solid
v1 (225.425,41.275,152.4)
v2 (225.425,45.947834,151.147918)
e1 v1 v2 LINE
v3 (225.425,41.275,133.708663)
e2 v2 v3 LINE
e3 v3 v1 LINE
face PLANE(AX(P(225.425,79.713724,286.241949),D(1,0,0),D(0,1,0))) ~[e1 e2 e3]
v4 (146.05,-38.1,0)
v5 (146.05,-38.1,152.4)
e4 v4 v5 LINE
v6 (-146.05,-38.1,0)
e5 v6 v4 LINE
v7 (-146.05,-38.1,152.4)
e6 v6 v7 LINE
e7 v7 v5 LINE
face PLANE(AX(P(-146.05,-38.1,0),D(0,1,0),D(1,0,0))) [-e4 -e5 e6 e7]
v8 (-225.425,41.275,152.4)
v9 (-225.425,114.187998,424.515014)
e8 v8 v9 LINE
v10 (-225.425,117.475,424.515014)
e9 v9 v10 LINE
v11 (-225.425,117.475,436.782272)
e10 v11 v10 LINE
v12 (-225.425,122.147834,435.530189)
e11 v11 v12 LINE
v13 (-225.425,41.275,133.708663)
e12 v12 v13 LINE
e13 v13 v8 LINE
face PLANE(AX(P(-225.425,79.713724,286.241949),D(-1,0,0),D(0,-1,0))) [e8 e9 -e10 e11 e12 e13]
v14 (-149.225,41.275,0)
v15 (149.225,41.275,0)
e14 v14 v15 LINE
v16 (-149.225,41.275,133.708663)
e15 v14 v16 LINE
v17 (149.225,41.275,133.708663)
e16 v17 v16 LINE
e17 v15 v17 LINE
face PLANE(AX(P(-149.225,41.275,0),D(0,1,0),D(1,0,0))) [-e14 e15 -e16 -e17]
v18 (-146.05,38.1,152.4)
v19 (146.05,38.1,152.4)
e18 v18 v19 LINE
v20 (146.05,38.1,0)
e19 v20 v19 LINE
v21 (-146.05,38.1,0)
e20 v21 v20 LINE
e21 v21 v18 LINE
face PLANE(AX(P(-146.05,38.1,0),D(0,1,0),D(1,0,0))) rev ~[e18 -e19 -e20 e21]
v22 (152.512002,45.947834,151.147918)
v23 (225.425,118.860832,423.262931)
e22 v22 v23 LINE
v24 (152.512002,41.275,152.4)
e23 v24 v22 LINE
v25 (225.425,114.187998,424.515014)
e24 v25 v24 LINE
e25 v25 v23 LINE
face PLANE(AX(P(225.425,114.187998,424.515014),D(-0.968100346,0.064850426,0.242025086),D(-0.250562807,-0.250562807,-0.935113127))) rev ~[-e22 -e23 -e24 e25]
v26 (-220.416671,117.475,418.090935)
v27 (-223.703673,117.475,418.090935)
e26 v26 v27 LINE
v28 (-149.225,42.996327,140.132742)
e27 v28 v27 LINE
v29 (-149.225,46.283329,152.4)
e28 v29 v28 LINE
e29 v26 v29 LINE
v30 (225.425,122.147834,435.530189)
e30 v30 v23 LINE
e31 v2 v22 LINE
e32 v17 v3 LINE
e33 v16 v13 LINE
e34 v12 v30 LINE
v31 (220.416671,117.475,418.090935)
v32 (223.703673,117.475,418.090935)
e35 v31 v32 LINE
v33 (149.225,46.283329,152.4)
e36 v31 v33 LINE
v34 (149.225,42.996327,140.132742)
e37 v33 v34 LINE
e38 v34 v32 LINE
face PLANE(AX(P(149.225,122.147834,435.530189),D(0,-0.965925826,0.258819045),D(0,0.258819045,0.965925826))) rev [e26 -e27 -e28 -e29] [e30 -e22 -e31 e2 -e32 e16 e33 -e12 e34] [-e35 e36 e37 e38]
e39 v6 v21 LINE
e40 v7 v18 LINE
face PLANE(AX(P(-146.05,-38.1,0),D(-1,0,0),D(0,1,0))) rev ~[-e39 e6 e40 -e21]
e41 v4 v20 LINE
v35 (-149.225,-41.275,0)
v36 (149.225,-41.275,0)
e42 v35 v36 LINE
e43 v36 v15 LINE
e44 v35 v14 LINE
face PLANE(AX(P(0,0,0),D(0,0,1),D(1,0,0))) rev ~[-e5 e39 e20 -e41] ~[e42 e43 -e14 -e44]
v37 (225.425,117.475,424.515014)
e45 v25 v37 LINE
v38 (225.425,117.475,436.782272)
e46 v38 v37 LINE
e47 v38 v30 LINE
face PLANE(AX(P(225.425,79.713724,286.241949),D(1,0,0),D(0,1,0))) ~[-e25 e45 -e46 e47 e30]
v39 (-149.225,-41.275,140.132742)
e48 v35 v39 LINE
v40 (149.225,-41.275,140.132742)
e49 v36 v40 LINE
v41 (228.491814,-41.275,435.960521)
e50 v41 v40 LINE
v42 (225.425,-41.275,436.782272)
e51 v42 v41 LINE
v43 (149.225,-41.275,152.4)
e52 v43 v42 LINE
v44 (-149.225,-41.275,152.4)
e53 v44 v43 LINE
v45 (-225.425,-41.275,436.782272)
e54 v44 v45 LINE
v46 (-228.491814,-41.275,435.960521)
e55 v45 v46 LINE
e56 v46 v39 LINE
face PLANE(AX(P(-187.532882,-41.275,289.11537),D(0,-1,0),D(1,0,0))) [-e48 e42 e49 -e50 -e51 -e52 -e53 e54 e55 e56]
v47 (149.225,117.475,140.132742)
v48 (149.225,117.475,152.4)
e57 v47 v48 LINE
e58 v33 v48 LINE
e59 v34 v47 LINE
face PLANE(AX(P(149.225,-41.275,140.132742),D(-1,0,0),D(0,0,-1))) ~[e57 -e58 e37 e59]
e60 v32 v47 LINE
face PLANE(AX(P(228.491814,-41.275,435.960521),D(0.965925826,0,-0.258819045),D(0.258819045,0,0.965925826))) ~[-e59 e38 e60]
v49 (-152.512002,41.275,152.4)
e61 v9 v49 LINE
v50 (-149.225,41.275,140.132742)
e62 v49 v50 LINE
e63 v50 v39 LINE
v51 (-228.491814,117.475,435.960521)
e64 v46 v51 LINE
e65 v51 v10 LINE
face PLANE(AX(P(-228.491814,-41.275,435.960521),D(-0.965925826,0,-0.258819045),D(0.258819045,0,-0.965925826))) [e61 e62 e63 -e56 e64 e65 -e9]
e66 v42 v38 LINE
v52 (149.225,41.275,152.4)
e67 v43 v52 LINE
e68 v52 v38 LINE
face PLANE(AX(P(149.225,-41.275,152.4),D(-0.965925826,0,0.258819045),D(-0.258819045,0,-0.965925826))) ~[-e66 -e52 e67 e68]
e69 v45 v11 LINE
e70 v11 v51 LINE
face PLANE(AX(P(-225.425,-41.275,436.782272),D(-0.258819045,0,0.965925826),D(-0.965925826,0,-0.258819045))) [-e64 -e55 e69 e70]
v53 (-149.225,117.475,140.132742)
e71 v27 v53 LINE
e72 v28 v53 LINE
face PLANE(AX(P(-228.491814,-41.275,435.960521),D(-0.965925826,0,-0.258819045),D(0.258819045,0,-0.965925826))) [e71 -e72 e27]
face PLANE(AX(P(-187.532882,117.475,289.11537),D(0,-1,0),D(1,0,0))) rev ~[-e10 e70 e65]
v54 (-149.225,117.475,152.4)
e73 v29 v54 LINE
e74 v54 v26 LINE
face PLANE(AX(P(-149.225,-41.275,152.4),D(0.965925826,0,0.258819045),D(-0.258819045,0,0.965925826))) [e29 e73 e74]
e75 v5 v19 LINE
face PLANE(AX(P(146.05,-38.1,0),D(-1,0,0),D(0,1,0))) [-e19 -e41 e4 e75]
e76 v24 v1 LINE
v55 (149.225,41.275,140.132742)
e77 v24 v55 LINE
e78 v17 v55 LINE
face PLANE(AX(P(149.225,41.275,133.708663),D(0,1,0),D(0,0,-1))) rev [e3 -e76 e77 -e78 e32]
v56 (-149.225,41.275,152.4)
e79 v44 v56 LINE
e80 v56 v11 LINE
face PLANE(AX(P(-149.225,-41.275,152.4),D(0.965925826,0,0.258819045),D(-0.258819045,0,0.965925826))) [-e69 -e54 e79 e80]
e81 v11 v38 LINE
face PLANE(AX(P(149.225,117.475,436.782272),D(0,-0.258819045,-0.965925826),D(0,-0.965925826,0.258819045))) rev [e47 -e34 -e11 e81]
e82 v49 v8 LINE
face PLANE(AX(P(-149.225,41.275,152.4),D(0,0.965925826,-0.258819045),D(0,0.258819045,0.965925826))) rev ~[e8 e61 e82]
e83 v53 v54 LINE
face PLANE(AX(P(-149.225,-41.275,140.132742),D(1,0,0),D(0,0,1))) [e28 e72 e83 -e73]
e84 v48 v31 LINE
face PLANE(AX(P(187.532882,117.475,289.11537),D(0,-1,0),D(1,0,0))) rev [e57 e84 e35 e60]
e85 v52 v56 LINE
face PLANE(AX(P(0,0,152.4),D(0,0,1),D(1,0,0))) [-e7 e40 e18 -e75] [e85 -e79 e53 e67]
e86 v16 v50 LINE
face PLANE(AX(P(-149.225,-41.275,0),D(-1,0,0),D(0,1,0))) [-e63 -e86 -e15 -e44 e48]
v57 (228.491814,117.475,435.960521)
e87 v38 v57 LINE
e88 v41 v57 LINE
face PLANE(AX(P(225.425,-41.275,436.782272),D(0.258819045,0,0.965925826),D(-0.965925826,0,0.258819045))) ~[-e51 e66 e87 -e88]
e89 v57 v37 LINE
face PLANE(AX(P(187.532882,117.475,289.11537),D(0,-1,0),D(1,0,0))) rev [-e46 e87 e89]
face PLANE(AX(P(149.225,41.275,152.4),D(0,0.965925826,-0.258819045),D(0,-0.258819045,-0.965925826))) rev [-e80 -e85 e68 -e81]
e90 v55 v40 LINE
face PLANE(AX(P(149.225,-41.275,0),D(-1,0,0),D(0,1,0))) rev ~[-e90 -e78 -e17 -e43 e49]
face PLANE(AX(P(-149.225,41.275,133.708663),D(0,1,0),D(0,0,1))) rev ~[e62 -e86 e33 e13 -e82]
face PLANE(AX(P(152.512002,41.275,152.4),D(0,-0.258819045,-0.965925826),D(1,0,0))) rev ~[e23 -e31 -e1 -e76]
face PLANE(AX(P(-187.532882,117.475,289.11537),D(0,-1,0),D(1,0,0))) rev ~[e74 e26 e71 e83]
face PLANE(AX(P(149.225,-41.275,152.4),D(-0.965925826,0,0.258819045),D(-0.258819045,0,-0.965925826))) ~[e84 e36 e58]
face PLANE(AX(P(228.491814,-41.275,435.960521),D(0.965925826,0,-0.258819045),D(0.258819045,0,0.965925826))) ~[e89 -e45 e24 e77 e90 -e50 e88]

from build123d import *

# Parameters (mm, degrees)
F0_W          = 298.45
F0_H          = 82.55
F0_W_2        = 292.1
F0_H_2        = 76.2
F1_DEPTH      = 152.4
F4_DEPTH      = 158.75
F5_DEPTH      = 254
F5_DEPTH_BACK = 76.2
F7_DEPTH      = 25.4


with BuildPart() as f1:
    # F0 (on Top) → F1 (new body)
    with BuildSketch(Plane.XY):
        Rectangle(F0_W, F0_H)
        Rectangle(F0_W_2, F0_H_2, mode=Mode.SUBTRACT)
    extrude(amount=F1_DEPTH)

    # F2 (on face) → F4 (join)
    with BuildSketch(Plane.XZ.offset(41.275)):
        Polygon((-149.225, 140.1327420061), (-149.225, 152.4), (-225.425, 436.7822715367), (-228.4918144985, 435.9605210685), align=None)
    extrude(amount=-F4_DEPTH)

    # F3 (on face) → F5 (join, two sides)
    with BuildSketch(Plane(origin=(-149.225, 0, 0), x_dir=(0, -1, 0), z_dir=(-1, 0, 0))) as f5_sk:
        Polygon((-41.275, 133.7086633322), (-41.275, 152.4), (-117.475, 436.7822715367), (-122.147834167, 435.5301893953), align=None)
    extrude(amount=-F5_DEPTH)
    extrude(f5_sk.sketch, amount=F5_DEPTH_BACK)

    # F6: F1 across plane


with BuildPart() as f1_1:
    add(f1.part)
    add(f1.part.mirror(Plane.YZ))

    # F7 (cut): a face of the model
    f7_faces = [f1_1.faces().sort_by_distance(p)[0] for p in [
        (201.1206672909, 65.5793327091, 243.1050045143),
    ]]
    extrude(f7_faces, amount=-F7_DEPTH, mode=Mode.SUBTRACT)


solid = f1_1.part
